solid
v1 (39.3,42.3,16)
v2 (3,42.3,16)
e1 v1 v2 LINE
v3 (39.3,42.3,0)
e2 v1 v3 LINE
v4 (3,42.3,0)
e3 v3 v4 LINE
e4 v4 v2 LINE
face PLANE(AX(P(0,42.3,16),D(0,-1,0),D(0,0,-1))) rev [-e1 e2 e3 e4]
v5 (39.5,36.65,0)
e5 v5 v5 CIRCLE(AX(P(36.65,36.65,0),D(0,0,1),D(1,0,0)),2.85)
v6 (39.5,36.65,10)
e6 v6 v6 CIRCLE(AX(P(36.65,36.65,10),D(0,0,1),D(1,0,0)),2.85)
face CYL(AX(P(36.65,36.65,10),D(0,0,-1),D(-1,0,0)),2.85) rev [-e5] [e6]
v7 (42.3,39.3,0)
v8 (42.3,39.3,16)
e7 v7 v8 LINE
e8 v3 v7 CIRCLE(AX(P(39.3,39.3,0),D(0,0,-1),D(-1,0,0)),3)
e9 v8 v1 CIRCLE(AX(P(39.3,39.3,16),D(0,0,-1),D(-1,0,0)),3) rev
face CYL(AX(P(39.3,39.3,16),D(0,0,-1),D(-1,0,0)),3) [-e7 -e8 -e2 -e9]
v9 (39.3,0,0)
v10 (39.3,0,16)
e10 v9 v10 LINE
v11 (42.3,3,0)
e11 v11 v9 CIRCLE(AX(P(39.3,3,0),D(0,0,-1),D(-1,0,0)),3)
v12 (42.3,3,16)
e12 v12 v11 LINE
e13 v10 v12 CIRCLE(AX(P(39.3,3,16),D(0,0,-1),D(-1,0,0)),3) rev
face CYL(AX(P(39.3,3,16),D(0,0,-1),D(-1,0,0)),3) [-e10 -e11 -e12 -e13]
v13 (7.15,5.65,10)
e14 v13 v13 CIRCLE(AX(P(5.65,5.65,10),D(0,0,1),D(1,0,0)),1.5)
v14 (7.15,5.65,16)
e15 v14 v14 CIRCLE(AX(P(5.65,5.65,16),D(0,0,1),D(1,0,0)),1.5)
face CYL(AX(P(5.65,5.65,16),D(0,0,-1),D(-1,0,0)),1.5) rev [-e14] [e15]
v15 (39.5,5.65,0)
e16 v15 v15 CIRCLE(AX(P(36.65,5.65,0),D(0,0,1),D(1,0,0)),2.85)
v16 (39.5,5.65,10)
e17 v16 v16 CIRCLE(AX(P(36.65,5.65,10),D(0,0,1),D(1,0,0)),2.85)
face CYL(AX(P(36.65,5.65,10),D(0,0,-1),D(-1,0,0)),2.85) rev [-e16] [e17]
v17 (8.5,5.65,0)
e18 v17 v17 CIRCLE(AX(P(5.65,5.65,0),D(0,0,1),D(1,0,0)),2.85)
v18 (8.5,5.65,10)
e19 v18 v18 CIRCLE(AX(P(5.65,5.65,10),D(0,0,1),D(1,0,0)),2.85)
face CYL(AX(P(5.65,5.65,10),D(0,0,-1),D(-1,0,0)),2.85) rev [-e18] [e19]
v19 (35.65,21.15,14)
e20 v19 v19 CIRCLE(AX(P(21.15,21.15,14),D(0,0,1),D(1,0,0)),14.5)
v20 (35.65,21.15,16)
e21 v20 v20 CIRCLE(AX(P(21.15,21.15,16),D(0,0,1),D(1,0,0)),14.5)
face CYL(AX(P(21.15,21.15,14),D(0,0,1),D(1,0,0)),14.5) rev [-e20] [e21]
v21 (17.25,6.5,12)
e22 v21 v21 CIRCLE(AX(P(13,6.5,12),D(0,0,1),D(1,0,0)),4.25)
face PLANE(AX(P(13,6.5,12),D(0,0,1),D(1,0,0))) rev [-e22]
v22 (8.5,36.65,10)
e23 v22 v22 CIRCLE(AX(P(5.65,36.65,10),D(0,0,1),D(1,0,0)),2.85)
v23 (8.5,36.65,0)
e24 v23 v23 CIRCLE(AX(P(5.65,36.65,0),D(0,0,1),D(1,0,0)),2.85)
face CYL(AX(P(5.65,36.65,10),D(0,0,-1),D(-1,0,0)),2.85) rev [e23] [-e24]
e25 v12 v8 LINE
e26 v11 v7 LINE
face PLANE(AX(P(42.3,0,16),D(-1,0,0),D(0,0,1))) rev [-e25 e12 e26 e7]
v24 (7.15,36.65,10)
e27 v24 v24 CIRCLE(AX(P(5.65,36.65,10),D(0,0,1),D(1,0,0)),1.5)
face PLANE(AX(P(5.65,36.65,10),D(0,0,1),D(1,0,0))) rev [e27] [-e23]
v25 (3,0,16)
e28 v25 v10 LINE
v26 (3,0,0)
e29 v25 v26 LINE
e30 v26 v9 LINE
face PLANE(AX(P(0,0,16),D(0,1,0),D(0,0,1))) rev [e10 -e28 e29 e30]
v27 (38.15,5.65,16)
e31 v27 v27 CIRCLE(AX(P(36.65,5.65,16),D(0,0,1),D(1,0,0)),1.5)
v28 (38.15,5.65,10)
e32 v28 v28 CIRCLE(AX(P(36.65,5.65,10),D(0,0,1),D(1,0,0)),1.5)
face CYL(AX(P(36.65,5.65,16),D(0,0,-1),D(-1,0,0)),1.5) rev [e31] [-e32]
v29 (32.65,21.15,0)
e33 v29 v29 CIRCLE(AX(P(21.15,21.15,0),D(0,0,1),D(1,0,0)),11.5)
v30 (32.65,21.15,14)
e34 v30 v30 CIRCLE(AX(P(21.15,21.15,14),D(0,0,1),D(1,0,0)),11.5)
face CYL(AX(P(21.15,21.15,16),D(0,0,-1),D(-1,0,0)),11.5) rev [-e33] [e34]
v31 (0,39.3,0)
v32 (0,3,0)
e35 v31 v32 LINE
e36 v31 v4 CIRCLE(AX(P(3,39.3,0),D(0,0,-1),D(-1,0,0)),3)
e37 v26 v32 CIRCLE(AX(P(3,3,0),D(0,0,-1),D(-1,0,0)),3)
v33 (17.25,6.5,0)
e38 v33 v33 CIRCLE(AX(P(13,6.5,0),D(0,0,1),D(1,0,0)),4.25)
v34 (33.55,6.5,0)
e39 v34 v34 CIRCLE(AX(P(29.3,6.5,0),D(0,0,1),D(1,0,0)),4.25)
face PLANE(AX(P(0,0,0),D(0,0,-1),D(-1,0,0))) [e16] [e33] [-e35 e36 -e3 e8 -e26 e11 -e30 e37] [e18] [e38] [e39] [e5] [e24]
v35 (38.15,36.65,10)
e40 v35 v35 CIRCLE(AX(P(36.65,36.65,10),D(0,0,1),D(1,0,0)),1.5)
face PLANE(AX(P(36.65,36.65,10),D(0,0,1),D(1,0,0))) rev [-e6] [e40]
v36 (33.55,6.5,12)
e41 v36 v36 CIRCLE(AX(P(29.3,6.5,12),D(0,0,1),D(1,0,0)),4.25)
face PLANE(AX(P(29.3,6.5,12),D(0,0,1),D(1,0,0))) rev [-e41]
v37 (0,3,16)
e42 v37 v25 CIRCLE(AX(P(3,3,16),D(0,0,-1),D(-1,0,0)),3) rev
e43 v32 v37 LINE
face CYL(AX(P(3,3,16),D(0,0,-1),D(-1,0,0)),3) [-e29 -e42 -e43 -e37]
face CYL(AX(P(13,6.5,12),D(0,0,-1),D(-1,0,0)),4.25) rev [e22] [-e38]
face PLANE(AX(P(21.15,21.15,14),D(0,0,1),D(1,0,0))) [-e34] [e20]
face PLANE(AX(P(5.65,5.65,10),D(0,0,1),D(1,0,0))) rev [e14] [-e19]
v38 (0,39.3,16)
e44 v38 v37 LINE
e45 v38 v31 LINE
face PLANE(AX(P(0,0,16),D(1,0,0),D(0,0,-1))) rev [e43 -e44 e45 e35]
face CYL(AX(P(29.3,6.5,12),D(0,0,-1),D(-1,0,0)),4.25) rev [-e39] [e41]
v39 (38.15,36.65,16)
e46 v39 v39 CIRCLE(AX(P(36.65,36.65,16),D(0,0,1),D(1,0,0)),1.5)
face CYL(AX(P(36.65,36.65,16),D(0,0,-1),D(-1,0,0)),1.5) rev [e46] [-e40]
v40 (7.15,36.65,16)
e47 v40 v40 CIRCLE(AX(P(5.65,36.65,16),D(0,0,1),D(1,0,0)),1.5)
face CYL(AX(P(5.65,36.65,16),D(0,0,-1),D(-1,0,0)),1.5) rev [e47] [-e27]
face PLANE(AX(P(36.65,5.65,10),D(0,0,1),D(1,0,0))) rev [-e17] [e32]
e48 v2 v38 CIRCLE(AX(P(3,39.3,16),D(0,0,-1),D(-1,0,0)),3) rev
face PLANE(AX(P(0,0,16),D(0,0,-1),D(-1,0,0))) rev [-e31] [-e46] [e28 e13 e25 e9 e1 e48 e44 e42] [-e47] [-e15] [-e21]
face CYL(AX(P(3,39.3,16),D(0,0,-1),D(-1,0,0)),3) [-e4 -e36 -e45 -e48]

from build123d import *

# Parameters (mm, degrees)
ESQUISSE1_W             = 42.3
ESQUISSE1_H             = 42.3
BOSS_EXTRU_1_DEPTH      = 16
ESQUISSE2_R             = 1.5
ENL_V_MAT_EXTRU_2_DEPTH = 62.92398566
CONG_1_R                = 3
CONG_2_R                = 3
ESQUISSE4_R             = 11.5
ENL_V_MAT_EXTRU_4_DEPTH = 62.92398566
ESQUISSE5_R             = 2.85
ENL_V_MAT_EXTRU_5_DEPTH = 10
ESQUISSE6_R             = 4.25
ENL_V_MAT_EXTRU_6_DEPTH = 12
ESQUISSE7_R             = 14.5
ENL_V_MAT_EXTRU_7_DEPTH = 2


with BuildPart() as part:
    # Esquisse1 → Boss.-Extru.1 (new body)
    with BuildSketch(Plane.XY):
        with Locations((21.15, 21.15)):
            Rectangle(ESQUISSE1_W, ESQUISSE1_H)
    extrude(amount=BOSS_EXTRU_1_DEPTH)

    # Esquisse2 → Enlèv. mat.-Extru.2 (cut, through all)
    with BuildSketch(Plane.XY):
        with Locations((36.65, 36.65)):
            Circle(ESQUISSE2_R)
        with Locations((5.65, 36.65)):
            Circle(ESQUISSE2_R)
        with Locations((5.65, 5.65)):
            Circle(ESQUISSE2_R)
        with Locations((36.65, 5.65)):
            Circle(ESQUISSE2_R)
    extrude(amount=ENL_V_MAT_EXTRU_2_DEPTH, mode=Mode.SUBTRACT)

    # Congé1
    cong_1_edges = [part.edges().sort_by_distance(p)[0] for p in [
        (0, 42.3, 8),
        (42.3, 42.3, 8),
    ]]
    fillet(cong_1_edges, radius=CONG_1_R)

    # Congé2
    cong_2_edges = [part.edges().sort_by_distance(p)[0] for p in [
        (42.3, 0, 8),
        (0, 0, 8),
    ]]
    fillet(cong_2_edges, radius=CONG_2_R)

    # Esquisse4 → Enlèv. mat.-Extru.4 (cut, through all)
    with BuildSketch(Plane.XY):
        with Locations((21.15, 21.15)):
            Circle(ESQUISSE4_R)
    extrude(amount=ENL_V_MAT_EXTRU_4_DEPTH, mode=Mode.SUBTRACT)

    # Esquisse5 → Enlèv. mat.-Extru.5 (cut)
    with BuildSketch(Plane.XY):
        with Locations((36.65, 36.65)):
            Circle(ESQUISSE5_R)
        with Locations((5.65, 36.65)):
            Circle(ESQUISSE5_R)
        with Locations((5.65, 5.65)):
            Circle(ESQUISSE5_R)
        with Locations((36.65, 5.65)):
            Circle(ESQUISSE5_R)
    extrude(amount=ENL_V_MAT_EXTRU_5_DEPTH, mode=Mode.SUBTRACT)

    # Esquisse6 → Enlèv. mat.-Extru.6 (cut)
    with BuildSketch(Plane.XY):
        with Locations((29.3, 6.5)):
            Circle(ESQUISSE6_R)
        with Locations((13, 6.5)):
            Circle(ESQUISSE6_R)
    extrude(amount=ENL_V_MAT_EXTRU_6_DEPTH, mode=Mode.SUBTRACT)

    # Esquisse7 → Enlèv. mat.-Extru.7 (cut)
    with BuildSketch(Plane.XY.offset(16)):
        with Locations((21.15, 21.15)):
            Circle(ESQUISSE7_R)
    extrude(amount=-ENL_V_MAT_EXTRU_7_DEPTH, mode=Mode.SUBTRACT)


solid = part.part
